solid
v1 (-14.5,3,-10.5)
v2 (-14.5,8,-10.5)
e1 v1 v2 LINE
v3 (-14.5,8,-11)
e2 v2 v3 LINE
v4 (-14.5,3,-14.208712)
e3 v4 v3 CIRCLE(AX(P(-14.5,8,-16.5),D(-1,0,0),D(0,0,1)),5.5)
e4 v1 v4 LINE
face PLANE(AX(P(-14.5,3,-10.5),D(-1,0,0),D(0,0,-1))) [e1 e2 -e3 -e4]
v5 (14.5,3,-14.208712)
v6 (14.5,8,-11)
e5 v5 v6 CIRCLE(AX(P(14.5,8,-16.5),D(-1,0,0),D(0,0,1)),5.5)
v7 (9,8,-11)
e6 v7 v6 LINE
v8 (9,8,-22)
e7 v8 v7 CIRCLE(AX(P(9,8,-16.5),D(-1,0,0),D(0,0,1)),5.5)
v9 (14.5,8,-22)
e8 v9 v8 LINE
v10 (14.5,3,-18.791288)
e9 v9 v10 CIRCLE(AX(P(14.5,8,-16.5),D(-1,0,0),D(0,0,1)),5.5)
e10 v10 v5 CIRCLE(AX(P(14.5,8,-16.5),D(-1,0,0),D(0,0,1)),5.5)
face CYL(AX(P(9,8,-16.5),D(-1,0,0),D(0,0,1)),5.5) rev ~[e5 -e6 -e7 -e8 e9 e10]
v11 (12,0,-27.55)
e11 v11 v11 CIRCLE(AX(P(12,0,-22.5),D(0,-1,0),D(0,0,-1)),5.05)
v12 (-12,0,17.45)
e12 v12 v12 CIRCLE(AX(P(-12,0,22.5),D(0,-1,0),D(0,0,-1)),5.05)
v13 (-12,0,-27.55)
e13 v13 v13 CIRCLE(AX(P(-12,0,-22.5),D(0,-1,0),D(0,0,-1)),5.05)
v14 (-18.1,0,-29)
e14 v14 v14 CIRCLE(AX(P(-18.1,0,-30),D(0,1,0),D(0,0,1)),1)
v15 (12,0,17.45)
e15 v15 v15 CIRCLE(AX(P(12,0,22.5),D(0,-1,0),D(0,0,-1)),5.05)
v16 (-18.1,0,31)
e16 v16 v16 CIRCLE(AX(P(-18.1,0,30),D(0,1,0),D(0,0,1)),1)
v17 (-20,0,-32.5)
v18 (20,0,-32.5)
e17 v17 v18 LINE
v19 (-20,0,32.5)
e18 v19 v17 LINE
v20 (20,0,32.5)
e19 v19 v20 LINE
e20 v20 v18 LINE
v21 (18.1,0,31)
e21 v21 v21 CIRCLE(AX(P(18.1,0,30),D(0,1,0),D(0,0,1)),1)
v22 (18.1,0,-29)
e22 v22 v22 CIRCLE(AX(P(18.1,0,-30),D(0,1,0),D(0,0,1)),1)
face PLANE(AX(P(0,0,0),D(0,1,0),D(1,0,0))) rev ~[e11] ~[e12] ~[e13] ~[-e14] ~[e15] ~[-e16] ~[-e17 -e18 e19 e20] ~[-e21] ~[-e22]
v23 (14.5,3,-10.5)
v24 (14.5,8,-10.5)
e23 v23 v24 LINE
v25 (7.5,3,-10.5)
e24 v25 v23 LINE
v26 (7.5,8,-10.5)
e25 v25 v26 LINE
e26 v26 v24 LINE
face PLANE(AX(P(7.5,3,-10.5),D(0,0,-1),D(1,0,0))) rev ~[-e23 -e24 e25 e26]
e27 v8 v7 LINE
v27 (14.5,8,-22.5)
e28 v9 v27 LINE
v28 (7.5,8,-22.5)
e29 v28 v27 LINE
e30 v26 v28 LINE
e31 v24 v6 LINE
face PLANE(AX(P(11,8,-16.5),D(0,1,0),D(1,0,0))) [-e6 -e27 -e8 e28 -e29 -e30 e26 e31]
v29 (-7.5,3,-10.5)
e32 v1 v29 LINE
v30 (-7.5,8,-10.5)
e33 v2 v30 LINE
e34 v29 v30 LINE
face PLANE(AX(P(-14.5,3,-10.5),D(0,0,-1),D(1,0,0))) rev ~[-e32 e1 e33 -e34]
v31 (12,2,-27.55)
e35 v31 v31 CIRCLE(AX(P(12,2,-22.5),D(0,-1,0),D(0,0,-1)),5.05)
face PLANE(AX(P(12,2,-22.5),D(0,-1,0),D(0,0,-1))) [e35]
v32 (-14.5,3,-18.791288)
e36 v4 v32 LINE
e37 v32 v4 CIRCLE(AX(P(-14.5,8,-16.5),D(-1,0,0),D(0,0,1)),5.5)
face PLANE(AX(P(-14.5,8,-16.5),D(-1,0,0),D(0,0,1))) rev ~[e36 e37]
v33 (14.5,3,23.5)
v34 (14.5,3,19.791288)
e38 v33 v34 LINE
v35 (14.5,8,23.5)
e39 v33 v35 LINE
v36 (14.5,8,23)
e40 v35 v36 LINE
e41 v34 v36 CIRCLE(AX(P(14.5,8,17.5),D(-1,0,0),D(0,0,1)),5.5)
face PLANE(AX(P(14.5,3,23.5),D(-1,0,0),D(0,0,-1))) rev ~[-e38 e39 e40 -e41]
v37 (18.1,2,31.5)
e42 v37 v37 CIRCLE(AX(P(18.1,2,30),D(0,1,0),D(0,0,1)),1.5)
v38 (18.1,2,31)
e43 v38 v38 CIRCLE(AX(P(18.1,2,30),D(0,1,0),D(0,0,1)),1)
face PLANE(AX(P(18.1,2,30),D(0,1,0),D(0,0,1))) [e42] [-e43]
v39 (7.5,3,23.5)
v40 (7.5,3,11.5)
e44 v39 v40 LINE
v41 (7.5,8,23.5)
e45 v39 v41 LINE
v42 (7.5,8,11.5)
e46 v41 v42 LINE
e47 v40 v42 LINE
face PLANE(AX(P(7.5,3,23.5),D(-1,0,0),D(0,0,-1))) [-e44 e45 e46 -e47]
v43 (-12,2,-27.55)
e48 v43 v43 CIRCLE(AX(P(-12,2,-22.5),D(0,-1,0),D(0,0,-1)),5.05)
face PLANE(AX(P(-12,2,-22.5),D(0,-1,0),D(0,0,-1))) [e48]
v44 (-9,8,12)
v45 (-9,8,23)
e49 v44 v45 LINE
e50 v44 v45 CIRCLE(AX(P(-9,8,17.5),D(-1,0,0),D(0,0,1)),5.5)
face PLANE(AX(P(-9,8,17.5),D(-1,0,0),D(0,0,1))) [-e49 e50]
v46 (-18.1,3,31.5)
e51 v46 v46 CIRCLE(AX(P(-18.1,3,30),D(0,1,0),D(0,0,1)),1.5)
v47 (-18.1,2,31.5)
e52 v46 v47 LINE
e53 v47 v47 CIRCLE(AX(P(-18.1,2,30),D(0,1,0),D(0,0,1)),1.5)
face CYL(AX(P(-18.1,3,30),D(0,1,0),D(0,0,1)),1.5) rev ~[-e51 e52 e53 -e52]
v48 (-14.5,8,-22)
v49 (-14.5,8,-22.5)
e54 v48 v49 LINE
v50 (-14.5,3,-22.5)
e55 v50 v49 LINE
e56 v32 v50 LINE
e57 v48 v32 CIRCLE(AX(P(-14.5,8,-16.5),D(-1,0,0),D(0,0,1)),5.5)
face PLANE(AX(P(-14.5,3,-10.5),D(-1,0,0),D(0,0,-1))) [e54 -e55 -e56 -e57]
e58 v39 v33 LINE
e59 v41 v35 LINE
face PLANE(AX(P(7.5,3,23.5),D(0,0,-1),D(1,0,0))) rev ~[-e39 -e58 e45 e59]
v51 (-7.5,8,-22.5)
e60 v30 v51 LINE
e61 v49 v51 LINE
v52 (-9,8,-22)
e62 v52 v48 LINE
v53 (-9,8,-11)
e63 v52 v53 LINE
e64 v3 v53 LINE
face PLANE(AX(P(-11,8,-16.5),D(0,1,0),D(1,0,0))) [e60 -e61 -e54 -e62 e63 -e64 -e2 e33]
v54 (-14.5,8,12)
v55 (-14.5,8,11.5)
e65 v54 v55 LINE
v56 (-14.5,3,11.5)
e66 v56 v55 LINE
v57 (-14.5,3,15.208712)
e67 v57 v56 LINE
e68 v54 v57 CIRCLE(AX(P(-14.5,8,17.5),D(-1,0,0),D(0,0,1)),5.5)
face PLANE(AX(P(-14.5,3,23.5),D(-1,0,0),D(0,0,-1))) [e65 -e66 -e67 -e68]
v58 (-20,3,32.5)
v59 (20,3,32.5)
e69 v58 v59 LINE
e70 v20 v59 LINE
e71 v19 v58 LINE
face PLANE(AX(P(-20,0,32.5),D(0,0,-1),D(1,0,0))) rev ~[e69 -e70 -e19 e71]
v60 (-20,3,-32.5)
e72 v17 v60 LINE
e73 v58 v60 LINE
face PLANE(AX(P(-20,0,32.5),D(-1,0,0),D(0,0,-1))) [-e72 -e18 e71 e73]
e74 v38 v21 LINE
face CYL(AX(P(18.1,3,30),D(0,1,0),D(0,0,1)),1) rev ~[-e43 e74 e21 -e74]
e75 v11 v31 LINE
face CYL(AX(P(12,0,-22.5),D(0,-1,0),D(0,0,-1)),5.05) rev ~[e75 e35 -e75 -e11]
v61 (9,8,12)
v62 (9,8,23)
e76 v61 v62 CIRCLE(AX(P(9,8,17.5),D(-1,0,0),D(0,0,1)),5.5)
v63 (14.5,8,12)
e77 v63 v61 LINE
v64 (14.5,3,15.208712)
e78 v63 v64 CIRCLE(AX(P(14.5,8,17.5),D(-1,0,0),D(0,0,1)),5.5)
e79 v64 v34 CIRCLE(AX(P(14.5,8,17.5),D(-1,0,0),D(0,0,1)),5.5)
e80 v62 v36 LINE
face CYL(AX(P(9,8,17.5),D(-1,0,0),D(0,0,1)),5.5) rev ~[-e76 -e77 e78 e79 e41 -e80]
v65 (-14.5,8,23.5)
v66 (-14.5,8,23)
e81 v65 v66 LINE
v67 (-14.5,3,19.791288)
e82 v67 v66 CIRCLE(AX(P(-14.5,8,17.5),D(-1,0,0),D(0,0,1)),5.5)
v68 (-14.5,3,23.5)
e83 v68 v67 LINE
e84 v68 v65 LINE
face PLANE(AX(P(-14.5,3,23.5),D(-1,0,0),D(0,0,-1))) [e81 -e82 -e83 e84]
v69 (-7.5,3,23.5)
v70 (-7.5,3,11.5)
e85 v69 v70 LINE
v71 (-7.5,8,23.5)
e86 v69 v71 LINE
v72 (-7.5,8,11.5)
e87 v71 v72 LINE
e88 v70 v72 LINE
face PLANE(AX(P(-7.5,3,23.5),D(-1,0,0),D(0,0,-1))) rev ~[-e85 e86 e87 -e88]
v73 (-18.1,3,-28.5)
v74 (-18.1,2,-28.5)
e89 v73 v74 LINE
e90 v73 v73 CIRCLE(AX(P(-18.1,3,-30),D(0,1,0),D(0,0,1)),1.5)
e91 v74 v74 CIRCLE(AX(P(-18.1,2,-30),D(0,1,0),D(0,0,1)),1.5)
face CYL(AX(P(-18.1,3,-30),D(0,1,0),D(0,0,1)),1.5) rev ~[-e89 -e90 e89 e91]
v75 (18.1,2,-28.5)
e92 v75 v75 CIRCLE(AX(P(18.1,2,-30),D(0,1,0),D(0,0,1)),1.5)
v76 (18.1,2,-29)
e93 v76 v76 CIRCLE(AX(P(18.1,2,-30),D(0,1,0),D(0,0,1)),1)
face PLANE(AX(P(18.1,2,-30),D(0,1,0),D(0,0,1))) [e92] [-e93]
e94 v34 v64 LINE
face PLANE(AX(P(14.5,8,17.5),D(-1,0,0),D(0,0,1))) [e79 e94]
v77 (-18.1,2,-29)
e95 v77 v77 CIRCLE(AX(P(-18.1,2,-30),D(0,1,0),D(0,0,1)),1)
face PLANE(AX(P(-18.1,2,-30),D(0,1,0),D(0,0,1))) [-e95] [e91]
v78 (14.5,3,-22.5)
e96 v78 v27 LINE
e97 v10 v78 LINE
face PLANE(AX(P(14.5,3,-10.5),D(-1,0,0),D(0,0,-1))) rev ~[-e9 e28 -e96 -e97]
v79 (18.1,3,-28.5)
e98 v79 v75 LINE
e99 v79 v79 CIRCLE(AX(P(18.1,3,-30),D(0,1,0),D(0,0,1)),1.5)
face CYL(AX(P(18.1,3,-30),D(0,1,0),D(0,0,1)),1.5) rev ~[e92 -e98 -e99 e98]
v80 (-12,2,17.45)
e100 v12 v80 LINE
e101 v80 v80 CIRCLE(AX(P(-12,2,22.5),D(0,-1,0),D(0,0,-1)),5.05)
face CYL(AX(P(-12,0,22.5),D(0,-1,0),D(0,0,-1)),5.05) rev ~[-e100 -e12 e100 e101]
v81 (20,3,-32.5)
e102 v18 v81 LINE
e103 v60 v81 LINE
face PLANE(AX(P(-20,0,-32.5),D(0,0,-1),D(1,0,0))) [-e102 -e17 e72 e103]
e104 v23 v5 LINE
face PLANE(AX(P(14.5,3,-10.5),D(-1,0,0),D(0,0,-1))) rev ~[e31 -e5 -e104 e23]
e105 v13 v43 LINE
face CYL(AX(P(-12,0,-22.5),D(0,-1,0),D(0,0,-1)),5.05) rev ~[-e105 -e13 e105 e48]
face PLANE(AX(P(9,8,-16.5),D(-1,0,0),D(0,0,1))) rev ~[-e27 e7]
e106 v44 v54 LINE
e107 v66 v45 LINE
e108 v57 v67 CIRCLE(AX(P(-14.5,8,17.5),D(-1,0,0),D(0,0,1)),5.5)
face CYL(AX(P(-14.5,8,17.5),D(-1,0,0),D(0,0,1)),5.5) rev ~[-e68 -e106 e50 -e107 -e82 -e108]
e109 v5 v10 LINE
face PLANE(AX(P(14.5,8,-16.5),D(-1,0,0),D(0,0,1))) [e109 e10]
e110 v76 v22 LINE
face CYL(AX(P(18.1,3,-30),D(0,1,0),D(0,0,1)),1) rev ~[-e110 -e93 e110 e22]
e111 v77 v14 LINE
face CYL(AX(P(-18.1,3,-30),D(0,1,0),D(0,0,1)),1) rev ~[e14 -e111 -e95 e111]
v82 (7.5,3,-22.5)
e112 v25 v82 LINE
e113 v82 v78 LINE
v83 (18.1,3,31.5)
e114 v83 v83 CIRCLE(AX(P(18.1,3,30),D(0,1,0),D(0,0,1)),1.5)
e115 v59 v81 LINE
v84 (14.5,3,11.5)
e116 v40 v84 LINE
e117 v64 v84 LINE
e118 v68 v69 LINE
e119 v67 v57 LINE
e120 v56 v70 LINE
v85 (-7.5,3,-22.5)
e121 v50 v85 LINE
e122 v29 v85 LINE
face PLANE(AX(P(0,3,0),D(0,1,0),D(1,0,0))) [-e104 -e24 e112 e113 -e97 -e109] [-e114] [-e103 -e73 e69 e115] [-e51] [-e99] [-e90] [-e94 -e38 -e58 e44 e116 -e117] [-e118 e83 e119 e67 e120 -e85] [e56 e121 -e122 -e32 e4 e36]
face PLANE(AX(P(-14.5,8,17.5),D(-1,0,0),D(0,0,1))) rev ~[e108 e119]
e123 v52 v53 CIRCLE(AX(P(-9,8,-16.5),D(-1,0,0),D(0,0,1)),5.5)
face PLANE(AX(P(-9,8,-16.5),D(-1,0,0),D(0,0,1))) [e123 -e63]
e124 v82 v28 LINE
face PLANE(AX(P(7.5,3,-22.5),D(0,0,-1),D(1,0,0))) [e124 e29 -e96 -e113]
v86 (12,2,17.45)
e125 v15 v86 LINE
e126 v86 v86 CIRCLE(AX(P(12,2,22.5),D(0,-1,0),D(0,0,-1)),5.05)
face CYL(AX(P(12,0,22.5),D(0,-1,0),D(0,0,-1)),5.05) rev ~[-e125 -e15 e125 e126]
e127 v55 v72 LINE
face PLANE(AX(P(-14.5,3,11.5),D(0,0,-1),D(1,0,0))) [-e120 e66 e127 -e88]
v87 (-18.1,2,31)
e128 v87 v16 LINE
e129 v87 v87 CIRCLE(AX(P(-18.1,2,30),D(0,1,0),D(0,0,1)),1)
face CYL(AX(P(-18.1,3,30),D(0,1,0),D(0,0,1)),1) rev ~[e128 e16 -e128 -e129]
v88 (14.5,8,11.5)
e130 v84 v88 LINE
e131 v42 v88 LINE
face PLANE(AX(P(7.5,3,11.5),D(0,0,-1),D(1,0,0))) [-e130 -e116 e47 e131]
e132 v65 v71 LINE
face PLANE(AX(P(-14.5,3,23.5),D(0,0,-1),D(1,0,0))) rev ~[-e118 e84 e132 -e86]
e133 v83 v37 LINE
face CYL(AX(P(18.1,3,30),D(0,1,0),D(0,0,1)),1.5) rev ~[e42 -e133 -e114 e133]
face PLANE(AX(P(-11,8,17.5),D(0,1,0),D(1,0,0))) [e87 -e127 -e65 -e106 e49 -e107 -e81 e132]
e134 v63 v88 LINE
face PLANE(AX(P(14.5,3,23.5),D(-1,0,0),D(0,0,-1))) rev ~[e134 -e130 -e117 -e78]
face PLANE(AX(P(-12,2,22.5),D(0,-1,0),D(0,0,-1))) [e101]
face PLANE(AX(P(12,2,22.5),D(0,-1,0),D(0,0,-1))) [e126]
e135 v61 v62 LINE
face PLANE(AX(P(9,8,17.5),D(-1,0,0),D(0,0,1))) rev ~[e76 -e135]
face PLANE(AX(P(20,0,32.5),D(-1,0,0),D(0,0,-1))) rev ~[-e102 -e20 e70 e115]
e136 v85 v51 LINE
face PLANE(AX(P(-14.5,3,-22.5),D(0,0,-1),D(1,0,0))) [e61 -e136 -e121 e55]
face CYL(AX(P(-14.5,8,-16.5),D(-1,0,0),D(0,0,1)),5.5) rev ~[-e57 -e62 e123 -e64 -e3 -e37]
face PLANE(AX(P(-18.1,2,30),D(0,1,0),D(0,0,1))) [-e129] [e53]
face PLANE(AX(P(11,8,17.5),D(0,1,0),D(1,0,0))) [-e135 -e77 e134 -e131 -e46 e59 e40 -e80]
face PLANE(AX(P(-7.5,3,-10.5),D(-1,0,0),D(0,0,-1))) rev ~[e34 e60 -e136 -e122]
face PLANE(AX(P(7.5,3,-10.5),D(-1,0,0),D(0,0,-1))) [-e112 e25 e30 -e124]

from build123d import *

# Parameters (mm, degrees)
SKETCH_4_W          = 40
SKETCH_4_H          = 65
EXTRUDE_1_DEPTH     = 3
SKETCH_5_R          = 5.05
CUT_EXTRUDE_1_DEPTH = 2
SKETCH_6_R          = 1.5
SKETCH_6_R_2        = 1
CUT_EXTRUDE_2_DEPTH = 1
SKETCH_6_2_R        = 1
CUT_EXTRUDE_3_DEPTH = 39.278584091
SKETCH_7_W          = 7
SKETCH_7_H          = 12
EXTRUDE_2_DEPTH     = 5
SKETCH_8_R          = 5.5
CUT_EXTRUDE_4_DEPTH = 5.5
CUT_EXTRUDE_START   = -23.5
SKETCH_8_2_R        = 5.5
CUT_EXTRUDE_5_DEPTH = 5.5


with BuildPart() as part:
    # 草图4 → 凸台-拉伸1 (new body)
    with BuildSketch(Plane(origin=(0, 0, 0), x_dir=(1, 0, 0), z_dir=(0, 1, 0))):
        Rectangle(SKETCH_4_W, SKETCH_4_H)
    extrude(amount=EXTRUDE_1_DEPTH)

    # 草图5 → 切除-拉伸1 (cut)
    with BuildSketch(Plane.XZ):
        with Locations(Location((-12, 22.5, 0), (0, 0, 270))):
            Circle(SKETCH_5_R)
        with Locations(Location((12, 22.5, 0), (0, 0, 270))):
            Circle(SKETCH_5_R)
        with Locations(Location((12, -22.5, 0), (0, 0, 270))):
            Circle(SKETCH_5_R)
        with Locations(Location((-12, -22.5, 0), (0, 0, 270))):
            Circle(SKETCH_5_R)
    extrude(amount=-CUT_EXTRUDE_1_DEPTH, mode=Mode.SUBTRACT)

    # 草图6 → 切除-拉伸2 (cut)
    # profile 1 of 4: a face of its own
    with BuildSketch(Plane(origin=(0, 3, 0), x_dir=(1, 0, 0), z_dir=(0, 1, 0))):
        with Locations(Location((-18.1, 30, 0), (0, 0, 270))):
            Circle(SKETCH_6_R)
        with Locations(Location((-18.1, 30, 0), (0, 0, 270))):
            Circle(SKETCH_6_R_2, mode=Mode.SUBTRACT)
    # profile 2 of 4: a face of its own
    with BuildSketch(Plane(origin=(0, 3, 0), x_dir=(1, 0, 0), z_dir=(0, 1, 0))):
        with Locations(Location((18.1, 30, 0), (0, 0, 270))):
            Circle(SKETCH_6_R)
        with Locations(Location((18.1, 30, 0), (0, 0, 270))):
            Circle(SKETCH_6_R_2, mode=Mode.SUBTRACT)
    # profile 3 of 4: a face of its own
    with BuildSketch(Plane(origin=(0, 3, 0), x_dir=(1, 0, 0), z_dir=(0, 1, 0))):
        with Locations(Location((-18.1, -30, 0), (0, 0, 270))):
            Circle(SKETCH_6_R)
        with Locations(Location((-18.1, -30, 0), (0, 0, 270))):
            Circle(SKETCH_6_R_2, mode=Mode.SUBTRACT)
    # profile 4 of 4: a face of its own
    with BuildSketch(Plane(origin=(0, 3, 0), x_dir=(1, 0, 0), z_dir=(0, 1, 0))):
        with Locations(Location((18.1, -30, 0), (0, 0, 270))):
            Circle(SKETCH_6_R)
        with Locations(Location((18.1, -30, 0), (0, 0, 270))):
            Circle(SKETCH_6_R_2, mode=Mode.SUBTRACT)
    extrude(amount=-CUT_EXTRUDE_2_DEPTH, mode=Mode.SUBTRACT)

    # 草图6<2> → 切除-拉伸3 (cut, through all)
    with BuildSketch(Plane(origin=(0, 3, 0), x_dir=(1, 0, 0), z_dir=(0, 1, 0))):
        with Locations(Location((-18.1, -30, 0), (0, 0, 270))):
            Circle(SKETCH_6_2_R)
        with Locations(Location((18.1, -30, 0), (0, 0, 270))):
            Circle(SKETCH_6_2_R)
        with Locations(Location((18.1, 30, 0), (0, 0, 270))):
            Circle(SKETCH_6_2_R)
        with Locations(Location((-18.1, 30, 0), (0, 0, 270))):
            Circle(SKETCH_6_2_R)
    extrude(amount=-CUT_EXTRUDE_3_DEPTH, mode=Mode.SUBTRACT)

    # 草图7 → 凸台-拉伸2 (add)
    with BuildSketch(Plane(origin=(0, 3, 0), x_dir=(1, 0, 0), z_dir=(0, 1, 0))):
        with Locations((-11, 16.5)):
            Rectangle(SKETCH_7_W, SKETCH_7_H)
        with Locations((11, 16.5)):
            Rectangle(SKETCH_7_W, SKETCH_7_H)
        with Locations((11, -17.5)):
            Rectangle(SKETCH_7_W, SKETCH_7_H)
        with Locations((-11, -17.5)):
            Rectangle(SKETCH_7_W, SKETCH_7_H)
    extrude(amount=EXTRUDE_2_DEPTH)

    # 草图8 → 切除-拉伸4 (cut)
    with BuildSketch(Plane.ZY.offset(14.5)):
        with Locations((-16.5, 8)):
            Circle(SKETCH_8_R)
        with Locations((17.5, 8)):
            Circle(SKETCH_8_R)
    extrude(amount=-CUT_EXTRUDE_4_DEPTH, mode=Mode.SUBTRACT)

    # 草图8<2> → 切除-拉伸5 (cut)
    with BuildSketch(Plane.ZY.offset(14.5).offset(CUT_EXTRUDE_START)):
        with Locations((-16.5, 8)):
            Circle(SKETCH_8_2_R)
        with Locations((17.5, 8)):
            Circle(SKETCH_8_2_R)
    extrude(amount=-CUT_EXTRUDE_5_DEPTH, mode=Mode.SUBTRACT)


solid = part.part
